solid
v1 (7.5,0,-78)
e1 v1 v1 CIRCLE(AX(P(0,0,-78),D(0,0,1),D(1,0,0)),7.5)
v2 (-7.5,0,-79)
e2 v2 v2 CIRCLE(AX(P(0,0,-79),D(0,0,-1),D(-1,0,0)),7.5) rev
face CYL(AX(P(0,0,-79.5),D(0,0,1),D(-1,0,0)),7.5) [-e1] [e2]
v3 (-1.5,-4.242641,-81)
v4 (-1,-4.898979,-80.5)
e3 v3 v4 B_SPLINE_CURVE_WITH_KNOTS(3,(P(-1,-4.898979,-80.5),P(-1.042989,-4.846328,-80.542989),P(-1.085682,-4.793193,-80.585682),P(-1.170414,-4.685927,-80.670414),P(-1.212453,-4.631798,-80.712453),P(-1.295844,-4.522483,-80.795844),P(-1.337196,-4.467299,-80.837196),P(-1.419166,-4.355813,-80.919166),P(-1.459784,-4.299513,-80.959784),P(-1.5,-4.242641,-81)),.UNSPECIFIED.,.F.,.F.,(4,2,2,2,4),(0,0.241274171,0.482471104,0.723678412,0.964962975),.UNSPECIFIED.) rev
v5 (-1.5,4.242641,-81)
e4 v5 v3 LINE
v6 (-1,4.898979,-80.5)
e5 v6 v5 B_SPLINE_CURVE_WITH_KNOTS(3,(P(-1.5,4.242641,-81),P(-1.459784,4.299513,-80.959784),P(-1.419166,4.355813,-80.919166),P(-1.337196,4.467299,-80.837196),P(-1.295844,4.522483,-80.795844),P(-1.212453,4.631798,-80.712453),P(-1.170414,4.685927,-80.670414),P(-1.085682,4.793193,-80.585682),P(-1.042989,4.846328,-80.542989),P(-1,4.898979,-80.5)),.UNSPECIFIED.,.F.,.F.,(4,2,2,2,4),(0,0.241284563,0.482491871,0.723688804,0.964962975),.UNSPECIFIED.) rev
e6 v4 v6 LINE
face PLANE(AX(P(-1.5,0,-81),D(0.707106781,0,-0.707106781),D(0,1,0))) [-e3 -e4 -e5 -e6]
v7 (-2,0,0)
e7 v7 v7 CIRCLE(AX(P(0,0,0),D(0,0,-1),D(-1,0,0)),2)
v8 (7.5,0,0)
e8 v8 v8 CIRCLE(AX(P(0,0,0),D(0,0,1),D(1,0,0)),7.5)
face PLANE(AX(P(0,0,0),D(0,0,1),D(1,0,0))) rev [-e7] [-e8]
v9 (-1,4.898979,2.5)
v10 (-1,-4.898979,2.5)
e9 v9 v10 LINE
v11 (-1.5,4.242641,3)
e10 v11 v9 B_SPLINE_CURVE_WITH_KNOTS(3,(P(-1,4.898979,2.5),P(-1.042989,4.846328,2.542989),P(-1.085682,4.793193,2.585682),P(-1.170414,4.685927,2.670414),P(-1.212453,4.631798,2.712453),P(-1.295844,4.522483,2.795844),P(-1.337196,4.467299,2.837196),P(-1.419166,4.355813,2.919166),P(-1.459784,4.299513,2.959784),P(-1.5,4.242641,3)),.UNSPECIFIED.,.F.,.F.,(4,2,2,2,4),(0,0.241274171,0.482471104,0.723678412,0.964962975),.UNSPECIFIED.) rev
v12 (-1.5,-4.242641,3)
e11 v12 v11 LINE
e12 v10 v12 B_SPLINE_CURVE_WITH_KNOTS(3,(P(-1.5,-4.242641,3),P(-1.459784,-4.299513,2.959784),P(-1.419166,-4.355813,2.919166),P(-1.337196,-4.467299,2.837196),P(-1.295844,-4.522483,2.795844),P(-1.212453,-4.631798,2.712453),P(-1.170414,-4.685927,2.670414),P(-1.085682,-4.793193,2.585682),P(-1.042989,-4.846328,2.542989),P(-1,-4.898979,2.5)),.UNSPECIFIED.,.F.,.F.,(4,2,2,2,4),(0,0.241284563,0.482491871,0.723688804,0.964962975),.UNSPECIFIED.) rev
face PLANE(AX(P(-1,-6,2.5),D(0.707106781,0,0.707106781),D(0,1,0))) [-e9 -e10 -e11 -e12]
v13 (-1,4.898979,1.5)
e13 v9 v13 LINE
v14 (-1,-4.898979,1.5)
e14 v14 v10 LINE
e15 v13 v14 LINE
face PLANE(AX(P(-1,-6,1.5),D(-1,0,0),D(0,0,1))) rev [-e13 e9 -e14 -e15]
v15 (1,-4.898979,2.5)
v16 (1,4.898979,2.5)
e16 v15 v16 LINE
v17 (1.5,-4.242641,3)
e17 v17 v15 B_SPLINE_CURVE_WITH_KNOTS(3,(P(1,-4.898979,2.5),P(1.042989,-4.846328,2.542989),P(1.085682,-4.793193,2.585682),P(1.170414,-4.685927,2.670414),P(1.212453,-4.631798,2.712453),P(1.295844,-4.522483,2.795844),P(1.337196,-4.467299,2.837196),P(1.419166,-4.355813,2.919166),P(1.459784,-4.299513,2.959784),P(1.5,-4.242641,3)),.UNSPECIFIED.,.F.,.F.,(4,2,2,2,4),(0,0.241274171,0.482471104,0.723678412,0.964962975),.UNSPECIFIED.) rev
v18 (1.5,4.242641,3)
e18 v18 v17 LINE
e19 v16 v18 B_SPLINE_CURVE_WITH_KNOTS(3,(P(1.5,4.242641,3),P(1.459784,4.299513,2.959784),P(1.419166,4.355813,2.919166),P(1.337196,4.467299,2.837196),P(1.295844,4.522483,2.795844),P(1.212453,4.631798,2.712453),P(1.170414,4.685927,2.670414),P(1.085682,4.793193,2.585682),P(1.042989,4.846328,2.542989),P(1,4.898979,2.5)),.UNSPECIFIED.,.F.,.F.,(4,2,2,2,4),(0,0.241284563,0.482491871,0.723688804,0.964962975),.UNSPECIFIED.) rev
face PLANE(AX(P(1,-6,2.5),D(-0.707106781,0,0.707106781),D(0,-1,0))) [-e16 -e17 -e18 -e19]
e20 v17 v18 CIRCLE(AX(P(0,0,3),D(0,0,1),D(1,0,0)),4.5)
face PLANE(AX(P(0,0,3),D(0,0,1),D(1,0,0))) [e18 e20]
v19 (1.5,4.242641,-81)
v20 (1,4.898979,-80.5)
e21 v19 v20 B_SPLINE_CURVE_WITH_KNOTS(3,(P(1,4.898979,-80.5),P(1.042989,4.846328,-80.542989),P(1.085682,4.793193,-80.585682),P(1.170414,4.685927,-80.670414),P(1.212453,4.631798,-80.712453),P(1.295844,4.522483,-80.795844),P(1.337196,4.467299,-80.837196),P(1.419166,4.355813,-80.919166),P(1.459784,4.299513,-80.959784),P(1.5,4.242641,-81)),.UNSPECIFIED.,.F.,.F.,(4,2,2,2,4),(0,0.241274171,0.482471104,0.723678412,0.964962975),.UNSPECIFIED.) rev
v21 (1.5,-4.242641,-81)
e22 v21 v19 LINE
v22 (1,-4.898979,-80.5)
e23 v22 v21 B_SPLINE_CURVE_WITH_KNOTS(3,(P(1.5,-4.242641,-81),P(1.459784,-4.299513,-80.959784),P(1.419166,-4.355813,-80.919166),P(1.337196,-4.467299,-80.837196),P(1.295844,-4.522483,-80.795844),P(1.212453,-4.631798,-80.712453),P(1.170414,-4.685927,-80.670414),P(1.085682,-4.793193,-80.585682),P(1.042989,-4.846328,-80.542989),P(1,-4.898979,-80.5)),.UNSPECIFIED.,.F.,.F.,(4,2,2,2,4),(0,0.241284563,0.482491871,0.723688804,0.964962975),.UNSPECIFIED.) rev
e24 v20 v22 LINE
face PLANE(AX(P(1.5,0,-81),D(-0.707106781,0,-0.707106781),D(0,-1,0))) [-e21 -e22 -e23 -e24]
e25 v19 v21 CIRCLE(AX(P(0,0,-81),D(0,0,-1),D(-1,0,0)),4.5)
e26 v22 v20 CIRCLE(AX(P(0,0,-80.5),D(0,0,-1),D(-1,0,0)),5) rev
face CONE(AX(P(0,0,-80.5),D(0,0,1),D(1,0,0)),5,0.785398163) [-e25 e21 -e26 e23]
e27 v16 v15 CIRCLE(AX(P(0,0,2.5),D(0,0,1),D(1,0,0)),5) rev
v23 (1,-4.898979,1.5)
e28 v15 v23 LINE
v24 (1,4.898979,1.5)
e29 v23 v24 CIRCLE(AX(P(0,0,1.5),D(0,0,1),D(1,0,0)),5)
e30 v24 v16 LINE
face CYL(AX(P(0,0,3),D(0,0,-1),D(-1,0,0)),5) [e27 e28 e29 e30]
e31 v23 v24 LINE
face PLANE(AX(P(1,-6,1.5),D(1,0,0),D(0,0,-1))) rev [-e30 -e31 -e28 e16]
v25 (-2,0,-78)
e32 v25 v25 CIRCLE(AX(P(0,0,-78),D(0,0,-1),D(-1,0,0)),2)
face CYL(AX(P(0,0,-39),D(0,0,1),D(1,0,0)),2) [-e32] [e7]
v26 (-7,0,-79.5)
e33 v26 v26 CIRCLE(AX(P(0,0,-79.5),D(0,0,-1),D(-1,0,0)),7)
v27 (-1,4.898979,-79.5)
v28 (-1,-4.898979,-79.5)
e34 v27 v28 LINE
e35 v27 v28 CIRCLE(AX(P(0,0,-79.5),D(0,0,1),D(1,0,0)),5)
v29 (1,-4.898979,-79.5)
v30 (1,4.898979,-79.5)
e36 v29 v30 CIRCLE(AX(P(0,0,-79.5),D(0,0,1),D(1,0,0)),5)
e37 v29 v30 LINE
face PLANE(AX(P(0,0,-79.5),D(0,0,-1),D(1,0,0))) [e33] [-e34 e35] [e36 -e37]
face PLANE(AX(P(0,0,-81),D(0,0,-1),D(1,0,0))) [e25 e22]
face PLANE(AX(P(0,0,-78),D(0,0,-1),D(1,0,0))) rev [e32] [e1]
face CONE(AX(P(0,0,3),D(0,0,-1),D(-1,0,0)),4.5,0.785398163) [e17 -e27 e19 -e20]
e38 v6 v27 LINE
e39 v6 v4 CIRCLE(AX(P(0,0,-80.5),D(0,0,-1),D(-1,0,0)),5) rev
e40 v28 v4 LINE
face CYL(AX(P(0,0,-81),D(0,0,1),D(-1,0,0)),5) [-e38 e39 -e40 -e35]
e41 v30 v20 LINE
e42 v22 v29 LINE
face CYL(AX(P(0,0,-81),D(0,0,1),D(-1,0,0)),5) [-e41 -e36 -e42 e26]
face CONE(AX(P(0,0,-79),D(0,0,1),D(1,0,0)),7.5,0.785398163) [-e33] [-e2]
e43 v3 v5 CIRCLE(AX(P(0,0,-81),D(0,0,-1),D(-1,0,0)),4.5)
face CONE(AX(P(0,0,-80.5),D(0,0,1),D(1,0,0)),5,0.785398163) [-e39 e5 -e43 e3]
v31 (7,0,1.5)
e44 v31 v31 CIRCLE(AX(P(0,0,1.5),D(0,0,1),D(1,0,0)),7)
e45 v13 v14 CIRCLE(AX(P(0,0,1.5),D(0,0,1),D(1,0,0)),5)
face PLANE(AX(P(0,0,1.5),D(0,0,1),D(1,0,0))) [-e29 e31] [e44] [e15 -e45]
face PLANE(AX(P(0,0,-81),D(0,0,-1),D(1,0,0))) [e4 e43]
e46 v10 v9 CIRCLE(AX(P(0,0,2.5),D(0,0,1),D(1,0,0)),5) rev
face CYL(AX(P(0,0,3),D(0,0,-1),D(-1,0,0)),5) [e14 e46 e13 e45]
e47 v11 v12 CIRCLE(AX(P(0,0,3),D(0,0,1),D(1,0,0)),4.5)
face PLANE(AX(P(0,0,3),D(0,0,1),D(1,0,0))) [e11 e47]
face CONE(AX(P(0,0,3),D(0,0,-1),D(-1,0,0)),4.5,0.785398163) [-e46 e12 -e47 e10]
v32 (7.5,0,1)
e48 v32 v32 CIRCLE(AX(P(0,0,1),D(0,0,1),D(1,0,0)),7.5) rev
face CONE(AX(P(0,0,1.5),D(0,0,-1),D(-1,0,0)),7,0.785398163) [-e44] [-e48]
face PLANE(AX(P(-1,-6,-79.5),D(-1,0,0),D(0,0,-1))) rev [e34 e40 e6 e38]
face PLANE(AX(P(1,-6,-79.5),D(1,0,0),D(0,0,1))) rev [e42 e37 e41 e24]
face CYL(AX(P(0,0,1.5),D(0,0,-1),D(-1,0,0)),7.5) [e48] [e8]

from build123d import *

# Parameters (mm, degrees)
SKETCH1_R           = 7.5
BOSS_EXTRUDE1_DEPTH = 1.5
SKETCH2_R           = 5
BOSS_EXTRUDE2_DEPTH = 1.5
SKETCH3_R           = 2
BOSS_EXTRUDE3_DEPTH = 39
SKETCH4_W           = 2
SKETCH4_H           = 12
CUT_EXTRUDE1_DEPTH  = 1.5
CHAMFER1_SIZE       = 0.5


with BuildPart() as part:
    # Sketch1 → Boss-Extrude1 (new body)
    with BuildSketch(Plane.XY):
        Circle(SKETCH1_R)
    extrude(amount=BOSS_EXTRUDE1_DEPTH)

    # Sketch2 → Boss-Extrude2 (add)
    with BuildSketch(Plane.XY.offset(1.5)):
        Circle(SKETCH2_R)
    extrude(amount=BOSS_EXTRUDE2_DEPTH)

    # Sketch3 → Boss-Extrude3 (add)
    with BuildSketch(Plane(origin=(0, 0, 0), x_dir=(-1, 0, 0), z_dir=(0, 0, -1))):
        Circle(SKETCH3_R)
    extrude(amount=BOSS_EXTRUDE3_DEPTH)

    # Sketch4 → Cut-Extrude1 (cut)
    with BuildSketch(Plane.XY.offset(3)):
        Rectangle(SKETCH4_W, SKETCH4_H)
    extrude(amount=-CUT_EXTRUDE1_DEPTH, mode=Mode.SUBTRACT)

    # Mirror1: part across plane


with BuildPart() as part_1:
    add(part.part)
    add(part.part.mirror(Plane(origin=(0, 0, -39), x_dir=(1, 0, 0), z_dir=(0, 0, -1))))

    # Chamfer1
    chamfer1_edges = [part_1.edges().sort_by_distance(p)[0] for p in [
        (-5, 0, 3),
        (5, 0, 3),
        (-1, 0, 3),
        (1, 0, 3),
        (-7.5, 0, 1.5),
        (5, 0, -81),
        (1, 0, -81),
        (-7.5, 0, -79.5),
        (-5, 0, -81),
        (-1, 0, -81),
    ]]
    chamfer(chamfer1_edges, length=CHAMFER1_SIZE)


solid = part_1.part
